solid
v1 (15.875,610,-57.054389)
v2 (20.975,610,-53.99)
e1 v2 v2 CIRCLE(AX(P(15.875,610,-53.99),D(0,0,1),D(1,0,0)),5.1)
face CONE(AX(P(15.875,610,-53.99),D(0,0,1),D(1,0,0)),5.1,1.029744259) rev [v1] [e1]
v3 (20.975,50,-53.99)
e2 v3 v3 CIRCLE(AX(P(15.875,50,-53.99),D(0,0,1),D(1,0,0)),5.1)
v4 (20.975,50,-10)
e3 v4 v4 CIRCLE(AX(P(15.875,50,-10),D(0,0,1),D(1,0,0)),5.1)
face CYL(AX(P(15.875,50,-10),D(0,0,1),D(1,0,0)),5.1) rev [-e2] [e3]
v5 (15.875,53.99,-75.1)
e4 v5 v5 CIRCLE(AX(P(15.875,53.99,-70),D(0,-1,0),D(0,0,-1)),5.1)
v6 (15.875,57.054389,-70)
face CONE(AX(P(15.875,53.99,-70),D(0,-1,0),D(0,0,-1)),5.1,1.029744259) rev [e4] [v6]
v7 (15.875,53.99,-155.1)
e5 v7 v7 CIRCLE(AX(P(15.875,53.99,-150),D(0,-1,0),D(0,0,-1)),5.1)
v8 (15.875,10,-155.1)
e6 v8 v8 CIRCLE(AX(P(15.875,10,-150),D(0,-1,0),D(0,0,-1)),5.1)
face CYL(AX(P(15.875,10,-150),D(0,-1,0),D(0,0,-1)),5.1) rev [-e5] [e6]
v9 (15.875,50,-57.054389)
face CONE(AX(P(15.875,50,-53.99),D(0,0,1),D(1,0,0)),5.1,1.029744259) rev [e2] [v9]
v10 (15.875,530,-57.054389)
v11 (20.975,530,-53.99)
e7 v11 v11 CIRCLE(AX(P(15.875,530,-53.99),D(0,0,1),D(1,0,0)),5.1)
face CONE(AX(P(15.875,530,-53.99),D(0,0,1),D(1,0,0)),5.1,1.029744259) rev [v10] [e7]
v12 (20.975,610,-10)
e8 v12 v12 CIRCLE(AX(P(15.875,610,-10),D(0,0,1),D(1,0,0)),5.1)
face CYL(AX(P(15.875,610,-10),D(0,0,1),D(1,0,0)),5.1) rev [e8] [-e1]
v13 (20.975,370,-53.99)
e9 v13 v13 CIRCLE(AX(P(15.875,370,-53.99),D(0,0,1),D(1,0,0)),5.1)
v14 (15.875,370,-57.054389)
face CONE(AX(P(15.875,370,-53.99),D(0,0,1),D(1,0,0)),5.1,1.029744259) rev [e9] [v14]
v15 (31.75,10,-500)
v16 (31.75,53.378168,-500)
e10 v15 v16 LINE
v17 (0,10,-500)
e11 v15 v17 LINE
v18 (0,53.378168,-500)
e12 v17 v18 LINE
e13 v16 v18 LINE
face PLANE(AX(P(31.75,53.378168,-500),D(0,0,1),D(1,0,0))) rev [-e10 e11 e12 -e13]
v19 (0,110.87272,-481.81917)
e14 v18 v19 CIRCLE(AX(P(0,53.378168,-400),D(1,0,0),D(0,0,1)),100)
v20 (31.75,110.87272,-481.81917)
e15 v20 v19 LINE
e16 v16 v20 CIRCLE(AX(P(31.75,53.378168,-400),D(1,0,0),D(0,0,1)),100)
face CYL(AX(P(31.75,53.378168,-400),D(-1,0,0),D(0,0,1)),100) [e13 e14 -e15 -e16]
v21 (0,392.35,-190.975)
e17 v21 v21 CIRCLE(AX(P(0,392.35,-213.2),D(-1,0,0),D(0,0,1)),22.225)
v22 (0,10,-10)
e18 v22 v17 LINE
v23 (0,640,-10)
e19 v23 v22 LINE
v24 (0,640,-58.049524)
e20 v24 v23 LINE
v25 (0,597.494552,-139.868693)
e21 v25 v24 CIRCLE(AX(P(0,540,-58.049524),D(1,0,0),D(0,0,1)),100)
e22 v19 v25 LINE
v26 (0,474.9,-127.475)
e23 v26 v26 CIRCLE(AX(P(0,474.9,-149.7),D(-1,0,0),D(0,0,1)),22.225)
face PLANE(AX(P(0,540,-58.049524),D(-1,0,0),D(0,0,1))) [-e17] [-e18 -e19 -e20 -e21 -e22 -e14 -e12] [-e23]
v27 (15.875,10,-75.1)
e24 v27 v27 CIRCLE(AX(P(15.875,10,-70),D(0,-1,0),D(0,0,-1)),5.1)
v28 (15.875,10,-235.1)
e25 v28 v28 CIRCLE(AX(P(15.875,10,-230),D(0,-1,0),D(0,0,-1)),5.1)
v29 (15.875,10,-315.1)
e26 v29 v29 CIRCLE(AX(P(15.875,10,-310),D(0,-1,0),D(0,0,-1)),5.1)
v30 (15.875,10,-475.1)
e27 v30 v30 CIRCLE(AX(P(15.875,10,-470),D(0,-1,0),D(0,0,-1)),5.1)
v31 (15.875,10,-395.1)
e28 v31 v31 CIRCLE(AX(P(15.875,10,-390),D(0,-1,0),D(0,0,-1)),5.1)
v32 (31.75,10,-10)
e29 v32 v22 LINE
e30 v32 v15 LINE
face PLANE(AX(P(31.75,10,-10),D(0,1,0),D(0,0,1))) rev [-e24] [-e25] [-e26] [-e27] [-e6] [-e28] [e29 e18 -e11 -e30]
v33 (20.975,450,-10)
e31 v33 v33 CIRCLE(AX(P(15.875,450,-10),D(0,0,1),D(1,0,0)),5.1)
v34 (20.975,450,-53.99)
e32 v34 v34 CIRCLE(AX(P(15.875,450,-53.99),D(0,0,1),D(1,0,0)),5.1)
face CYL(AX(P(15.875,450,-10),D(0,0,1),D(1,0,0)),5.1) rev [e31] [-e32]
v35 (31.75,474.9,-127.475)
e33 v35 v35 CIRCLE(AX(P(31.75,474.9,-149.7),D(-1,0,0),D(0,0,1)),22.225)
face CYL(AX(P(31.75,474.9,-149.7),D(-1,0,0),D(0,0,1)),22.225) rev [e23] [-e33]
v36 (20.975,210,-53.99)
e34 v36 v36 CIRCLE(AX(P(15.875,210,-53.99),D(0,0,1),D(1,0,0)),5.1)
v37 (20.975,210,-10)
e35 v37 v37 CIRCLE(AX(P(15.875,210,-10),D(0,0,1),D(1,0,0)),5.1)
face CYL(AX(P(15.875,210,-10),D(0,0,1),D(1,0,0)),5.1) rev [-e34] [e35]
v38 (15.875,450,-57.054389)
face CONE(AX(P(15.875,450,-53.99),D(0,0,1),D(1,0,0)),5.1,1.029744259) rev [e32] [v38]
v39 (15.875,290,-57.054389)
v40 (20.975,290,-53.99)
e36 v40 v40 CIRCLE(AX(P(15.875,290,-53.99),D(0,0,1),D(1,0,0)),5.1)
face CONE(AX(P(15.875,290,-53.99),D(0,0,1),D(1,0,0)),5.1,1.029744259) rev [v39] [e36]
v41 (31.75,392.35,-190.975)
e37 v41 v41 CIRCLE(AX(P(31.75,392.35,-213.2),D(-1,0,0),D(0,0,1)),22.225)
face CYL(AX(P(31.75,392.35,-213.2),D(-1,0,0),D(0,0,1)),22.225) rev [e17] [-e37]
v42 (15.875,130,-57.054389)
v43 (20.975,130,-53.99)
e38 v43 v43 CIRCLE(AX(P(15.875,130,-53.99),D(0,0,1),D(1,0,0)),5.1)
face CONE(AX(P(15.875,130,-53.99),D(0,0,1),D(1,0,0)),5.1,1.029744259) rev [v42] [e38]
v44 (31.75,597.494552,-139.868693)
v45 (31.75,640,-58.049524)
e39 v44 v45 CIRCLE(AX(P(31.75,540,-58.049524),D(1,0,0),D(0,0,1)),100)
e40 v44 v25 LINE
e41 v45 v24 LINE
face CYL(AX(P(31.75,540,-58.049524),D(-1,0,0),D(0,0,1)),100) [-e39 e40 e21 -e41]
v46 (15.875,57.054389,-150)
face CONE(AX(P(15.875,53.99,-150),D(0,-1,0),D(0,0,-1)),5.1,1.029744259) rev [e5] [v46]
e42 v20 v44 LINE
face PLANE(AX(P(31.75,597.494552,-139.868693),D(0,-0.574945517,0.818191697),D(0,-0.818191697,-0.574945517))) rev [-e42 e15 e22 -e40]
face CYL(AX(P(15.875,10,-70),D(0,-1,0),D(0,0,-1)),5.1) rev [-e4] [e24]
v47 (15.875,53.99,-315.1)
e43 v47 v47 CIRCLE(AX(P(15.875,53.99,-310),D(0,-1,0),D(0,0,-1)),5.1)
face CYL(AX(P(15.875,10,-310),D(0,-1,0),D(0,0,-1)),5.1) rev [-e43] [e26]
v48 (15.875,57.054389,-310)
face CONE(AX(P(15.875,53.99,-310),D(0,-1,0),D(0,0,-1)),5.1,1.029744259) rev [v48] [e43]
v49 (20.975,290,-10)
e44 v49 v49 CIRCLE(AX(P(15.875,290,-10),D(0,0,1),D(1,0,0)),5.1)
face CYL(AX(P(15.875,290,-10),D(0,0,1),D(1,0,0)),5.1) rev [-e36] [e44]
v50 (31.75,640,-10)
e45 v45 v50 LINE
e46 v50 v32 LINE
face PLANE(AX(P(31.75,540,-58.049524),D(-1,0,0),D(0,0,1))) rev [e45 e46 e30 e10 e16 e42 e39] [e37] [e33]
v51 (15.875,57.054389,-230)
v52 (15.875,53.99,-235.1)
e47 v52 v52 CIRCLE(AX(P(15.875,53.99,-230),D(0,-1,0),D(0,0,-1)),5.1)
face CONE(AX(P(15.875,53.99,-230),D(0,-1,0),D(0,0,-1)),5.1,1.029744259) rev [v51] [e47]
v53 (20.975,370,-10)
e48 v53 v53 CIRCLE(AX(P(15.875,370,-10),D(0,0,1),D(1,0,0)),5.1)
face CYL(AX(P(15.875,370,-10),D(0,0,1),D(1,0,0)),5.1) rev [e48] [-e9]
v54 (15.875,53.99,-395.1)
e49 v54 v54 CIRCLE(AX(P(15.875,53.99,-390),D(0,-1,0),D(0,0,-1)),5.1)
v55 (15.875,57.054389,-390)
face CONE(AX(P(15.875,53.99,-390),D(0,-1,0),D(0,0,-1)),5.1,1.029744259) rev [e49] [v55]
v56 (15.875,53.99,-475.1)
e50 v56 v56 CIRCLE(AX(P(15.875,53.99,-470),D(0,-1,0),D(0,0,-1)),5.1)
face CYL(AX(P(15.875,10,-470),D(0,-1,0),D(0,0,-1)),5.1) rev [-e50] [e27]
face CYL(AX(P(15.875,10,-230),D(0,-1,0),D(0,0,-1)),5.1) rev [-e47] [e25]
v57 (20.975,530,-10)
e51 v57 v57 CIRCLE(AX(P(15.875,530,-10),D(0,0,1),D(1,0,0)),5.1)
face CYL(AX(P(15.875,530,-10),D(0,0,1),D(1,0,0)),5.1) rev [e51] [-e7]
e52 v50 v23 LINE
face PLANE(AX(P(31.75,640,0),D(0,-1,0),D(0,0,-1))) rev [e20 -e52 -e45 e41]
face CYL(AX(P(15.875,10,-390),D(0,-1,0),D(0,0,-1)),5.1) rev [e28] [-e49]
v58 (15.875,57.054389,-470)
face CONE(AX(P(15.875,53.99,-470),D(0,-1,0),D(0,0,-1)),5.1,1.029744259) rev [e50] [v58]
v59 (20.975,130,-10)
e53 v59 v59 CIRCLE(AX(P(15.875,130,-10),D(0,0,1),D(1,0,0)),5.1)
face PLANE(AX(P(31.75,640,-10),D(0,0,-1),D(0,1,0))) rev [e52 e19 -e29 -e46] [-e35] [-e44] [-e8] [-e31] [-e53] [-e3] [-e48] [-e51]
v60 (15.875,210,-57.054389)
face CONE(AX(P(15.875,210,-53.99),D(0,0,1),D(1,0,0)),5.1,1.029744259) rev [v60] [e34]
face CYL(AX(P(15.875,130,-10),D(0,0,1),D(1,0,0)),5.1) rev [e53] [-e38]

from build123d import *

# Parameters (mm, degrees)
BOSS_EXTRUDE1_DEPTH = 31.75
CUT_EXTRUDE1_DEPTH  = 813.777990905
LPATTERN1_COUNT     = 8
LPATTERN1_PITCH     = 80
LPATTERN2_COUNT     = 6
LPATTERN2_PITCH     = 80
SKETCH8_R           = 22.225
CUT_EXTRUDE2_DEPTH  = 813.777990905


with BuildPart() as part:
    # Sketch1 → Boss-Extrude1 (new body)
    with BuildSketch(Plane(origin=(0, 0, 0), x_dir=(0, 0, -1), z_dir=(1, 0, 0))):
        with BuildLine():
            Line((0, 0), (0, 640))
            Line((0, 640), (58.049523734, 640))
            ThreePointArc((58.049523734, 640), (104.150200697, 628.73966184), (139.86869342, 597.494551671))
            Line((139.86869342, 597.494551671), (481.819169686, 110.872720062))
            ThreePointArc((481.819169686, 110.872720062), (495.346517945, 83.528483741), (500, 53.378168391))
            Line((500, 53.378168391), (500, 0))
            Line((500, 0), (0, 0))
        make_face()
    extrude(amount=BOSS_EXTRUDE1_DEPTH)

    # Sketch2 → Cut-Extrude1 (cut, through all)
    with BuildSketch(Plane.ZY):
        Polygon((0, 640), (-10, 640), (-10, 10), (-500, 10), (-500, 0), (0, 0), align=None)
    extrude(amount=-CUT_EXTRUDE1_DEPTH, mode=Mode.SUBTRACT)

    # Sketch4 → M12 Tapped Hole1 (revolve, cut)
    with BuildSketch(Plane(origin=(15.875, 50, -10), x_dir=(0, -1, 0), z_dir=(1, 0, 0))):
        Polygon((0, 0), (0, 47.054389157), (5.1, 43.99), (5.1, 0), align=None)
    m12_tapped_hole1 = revolve(axis=Axis((15.875, 50, -3.65), (0, 0, -1)), mode=Mode.SUBTRACT)

    # LPattern1: M12 Tapped Hole1 ×8
    with Locations(*[(0, i * LPATTERN1_PITCH, 0) for i in range(1, LPATTERN1_COUNT)]):
        add(m12_tapped_hole1, mode=Mode.SUBTRACT)

    # Sketch6 → M12 Tapped Hole2 (revolve, cut)
    with BuildSketch(Plane(origin=(15.875, 10, -70), x_dir=(0, 0, -1), z_dir=(1, 0, 0))):
        Polygon((0, 0), (0, 47.054389157), (5.1, 43.99), (5.1, 0), align=None)
    m12_tapped_hole2 = revolve(axis=Axis((15.875, 3.65, -70), (0, 1, 0)), mode=Mode.SUBTRACT)

    # LPattern2: M12 Tapped Hole2 ×6
    with Locations(*[(0, 0, -i * LPATTERN2_PITCH) for i in range(1, LPATTERN2_COUNT)]):
        add(m12_tapped_hole2, mode=Mode.SUBTRACT)

    # Sketch8 → Cut-Extrude2 (cut, through all)
    with BuildSketch(Plane.ZY):
        with Locations((-213.2, 392.35)):
            Circle(SKETCH8_R)
        with Locations((-149.7, 474.9)):
            Circle(SKETCH8_R)
    extrude(amount=-CUT_EXTRUDE2_DEPTH, mode=Mode.SUBTRACT)


solid = part.part
